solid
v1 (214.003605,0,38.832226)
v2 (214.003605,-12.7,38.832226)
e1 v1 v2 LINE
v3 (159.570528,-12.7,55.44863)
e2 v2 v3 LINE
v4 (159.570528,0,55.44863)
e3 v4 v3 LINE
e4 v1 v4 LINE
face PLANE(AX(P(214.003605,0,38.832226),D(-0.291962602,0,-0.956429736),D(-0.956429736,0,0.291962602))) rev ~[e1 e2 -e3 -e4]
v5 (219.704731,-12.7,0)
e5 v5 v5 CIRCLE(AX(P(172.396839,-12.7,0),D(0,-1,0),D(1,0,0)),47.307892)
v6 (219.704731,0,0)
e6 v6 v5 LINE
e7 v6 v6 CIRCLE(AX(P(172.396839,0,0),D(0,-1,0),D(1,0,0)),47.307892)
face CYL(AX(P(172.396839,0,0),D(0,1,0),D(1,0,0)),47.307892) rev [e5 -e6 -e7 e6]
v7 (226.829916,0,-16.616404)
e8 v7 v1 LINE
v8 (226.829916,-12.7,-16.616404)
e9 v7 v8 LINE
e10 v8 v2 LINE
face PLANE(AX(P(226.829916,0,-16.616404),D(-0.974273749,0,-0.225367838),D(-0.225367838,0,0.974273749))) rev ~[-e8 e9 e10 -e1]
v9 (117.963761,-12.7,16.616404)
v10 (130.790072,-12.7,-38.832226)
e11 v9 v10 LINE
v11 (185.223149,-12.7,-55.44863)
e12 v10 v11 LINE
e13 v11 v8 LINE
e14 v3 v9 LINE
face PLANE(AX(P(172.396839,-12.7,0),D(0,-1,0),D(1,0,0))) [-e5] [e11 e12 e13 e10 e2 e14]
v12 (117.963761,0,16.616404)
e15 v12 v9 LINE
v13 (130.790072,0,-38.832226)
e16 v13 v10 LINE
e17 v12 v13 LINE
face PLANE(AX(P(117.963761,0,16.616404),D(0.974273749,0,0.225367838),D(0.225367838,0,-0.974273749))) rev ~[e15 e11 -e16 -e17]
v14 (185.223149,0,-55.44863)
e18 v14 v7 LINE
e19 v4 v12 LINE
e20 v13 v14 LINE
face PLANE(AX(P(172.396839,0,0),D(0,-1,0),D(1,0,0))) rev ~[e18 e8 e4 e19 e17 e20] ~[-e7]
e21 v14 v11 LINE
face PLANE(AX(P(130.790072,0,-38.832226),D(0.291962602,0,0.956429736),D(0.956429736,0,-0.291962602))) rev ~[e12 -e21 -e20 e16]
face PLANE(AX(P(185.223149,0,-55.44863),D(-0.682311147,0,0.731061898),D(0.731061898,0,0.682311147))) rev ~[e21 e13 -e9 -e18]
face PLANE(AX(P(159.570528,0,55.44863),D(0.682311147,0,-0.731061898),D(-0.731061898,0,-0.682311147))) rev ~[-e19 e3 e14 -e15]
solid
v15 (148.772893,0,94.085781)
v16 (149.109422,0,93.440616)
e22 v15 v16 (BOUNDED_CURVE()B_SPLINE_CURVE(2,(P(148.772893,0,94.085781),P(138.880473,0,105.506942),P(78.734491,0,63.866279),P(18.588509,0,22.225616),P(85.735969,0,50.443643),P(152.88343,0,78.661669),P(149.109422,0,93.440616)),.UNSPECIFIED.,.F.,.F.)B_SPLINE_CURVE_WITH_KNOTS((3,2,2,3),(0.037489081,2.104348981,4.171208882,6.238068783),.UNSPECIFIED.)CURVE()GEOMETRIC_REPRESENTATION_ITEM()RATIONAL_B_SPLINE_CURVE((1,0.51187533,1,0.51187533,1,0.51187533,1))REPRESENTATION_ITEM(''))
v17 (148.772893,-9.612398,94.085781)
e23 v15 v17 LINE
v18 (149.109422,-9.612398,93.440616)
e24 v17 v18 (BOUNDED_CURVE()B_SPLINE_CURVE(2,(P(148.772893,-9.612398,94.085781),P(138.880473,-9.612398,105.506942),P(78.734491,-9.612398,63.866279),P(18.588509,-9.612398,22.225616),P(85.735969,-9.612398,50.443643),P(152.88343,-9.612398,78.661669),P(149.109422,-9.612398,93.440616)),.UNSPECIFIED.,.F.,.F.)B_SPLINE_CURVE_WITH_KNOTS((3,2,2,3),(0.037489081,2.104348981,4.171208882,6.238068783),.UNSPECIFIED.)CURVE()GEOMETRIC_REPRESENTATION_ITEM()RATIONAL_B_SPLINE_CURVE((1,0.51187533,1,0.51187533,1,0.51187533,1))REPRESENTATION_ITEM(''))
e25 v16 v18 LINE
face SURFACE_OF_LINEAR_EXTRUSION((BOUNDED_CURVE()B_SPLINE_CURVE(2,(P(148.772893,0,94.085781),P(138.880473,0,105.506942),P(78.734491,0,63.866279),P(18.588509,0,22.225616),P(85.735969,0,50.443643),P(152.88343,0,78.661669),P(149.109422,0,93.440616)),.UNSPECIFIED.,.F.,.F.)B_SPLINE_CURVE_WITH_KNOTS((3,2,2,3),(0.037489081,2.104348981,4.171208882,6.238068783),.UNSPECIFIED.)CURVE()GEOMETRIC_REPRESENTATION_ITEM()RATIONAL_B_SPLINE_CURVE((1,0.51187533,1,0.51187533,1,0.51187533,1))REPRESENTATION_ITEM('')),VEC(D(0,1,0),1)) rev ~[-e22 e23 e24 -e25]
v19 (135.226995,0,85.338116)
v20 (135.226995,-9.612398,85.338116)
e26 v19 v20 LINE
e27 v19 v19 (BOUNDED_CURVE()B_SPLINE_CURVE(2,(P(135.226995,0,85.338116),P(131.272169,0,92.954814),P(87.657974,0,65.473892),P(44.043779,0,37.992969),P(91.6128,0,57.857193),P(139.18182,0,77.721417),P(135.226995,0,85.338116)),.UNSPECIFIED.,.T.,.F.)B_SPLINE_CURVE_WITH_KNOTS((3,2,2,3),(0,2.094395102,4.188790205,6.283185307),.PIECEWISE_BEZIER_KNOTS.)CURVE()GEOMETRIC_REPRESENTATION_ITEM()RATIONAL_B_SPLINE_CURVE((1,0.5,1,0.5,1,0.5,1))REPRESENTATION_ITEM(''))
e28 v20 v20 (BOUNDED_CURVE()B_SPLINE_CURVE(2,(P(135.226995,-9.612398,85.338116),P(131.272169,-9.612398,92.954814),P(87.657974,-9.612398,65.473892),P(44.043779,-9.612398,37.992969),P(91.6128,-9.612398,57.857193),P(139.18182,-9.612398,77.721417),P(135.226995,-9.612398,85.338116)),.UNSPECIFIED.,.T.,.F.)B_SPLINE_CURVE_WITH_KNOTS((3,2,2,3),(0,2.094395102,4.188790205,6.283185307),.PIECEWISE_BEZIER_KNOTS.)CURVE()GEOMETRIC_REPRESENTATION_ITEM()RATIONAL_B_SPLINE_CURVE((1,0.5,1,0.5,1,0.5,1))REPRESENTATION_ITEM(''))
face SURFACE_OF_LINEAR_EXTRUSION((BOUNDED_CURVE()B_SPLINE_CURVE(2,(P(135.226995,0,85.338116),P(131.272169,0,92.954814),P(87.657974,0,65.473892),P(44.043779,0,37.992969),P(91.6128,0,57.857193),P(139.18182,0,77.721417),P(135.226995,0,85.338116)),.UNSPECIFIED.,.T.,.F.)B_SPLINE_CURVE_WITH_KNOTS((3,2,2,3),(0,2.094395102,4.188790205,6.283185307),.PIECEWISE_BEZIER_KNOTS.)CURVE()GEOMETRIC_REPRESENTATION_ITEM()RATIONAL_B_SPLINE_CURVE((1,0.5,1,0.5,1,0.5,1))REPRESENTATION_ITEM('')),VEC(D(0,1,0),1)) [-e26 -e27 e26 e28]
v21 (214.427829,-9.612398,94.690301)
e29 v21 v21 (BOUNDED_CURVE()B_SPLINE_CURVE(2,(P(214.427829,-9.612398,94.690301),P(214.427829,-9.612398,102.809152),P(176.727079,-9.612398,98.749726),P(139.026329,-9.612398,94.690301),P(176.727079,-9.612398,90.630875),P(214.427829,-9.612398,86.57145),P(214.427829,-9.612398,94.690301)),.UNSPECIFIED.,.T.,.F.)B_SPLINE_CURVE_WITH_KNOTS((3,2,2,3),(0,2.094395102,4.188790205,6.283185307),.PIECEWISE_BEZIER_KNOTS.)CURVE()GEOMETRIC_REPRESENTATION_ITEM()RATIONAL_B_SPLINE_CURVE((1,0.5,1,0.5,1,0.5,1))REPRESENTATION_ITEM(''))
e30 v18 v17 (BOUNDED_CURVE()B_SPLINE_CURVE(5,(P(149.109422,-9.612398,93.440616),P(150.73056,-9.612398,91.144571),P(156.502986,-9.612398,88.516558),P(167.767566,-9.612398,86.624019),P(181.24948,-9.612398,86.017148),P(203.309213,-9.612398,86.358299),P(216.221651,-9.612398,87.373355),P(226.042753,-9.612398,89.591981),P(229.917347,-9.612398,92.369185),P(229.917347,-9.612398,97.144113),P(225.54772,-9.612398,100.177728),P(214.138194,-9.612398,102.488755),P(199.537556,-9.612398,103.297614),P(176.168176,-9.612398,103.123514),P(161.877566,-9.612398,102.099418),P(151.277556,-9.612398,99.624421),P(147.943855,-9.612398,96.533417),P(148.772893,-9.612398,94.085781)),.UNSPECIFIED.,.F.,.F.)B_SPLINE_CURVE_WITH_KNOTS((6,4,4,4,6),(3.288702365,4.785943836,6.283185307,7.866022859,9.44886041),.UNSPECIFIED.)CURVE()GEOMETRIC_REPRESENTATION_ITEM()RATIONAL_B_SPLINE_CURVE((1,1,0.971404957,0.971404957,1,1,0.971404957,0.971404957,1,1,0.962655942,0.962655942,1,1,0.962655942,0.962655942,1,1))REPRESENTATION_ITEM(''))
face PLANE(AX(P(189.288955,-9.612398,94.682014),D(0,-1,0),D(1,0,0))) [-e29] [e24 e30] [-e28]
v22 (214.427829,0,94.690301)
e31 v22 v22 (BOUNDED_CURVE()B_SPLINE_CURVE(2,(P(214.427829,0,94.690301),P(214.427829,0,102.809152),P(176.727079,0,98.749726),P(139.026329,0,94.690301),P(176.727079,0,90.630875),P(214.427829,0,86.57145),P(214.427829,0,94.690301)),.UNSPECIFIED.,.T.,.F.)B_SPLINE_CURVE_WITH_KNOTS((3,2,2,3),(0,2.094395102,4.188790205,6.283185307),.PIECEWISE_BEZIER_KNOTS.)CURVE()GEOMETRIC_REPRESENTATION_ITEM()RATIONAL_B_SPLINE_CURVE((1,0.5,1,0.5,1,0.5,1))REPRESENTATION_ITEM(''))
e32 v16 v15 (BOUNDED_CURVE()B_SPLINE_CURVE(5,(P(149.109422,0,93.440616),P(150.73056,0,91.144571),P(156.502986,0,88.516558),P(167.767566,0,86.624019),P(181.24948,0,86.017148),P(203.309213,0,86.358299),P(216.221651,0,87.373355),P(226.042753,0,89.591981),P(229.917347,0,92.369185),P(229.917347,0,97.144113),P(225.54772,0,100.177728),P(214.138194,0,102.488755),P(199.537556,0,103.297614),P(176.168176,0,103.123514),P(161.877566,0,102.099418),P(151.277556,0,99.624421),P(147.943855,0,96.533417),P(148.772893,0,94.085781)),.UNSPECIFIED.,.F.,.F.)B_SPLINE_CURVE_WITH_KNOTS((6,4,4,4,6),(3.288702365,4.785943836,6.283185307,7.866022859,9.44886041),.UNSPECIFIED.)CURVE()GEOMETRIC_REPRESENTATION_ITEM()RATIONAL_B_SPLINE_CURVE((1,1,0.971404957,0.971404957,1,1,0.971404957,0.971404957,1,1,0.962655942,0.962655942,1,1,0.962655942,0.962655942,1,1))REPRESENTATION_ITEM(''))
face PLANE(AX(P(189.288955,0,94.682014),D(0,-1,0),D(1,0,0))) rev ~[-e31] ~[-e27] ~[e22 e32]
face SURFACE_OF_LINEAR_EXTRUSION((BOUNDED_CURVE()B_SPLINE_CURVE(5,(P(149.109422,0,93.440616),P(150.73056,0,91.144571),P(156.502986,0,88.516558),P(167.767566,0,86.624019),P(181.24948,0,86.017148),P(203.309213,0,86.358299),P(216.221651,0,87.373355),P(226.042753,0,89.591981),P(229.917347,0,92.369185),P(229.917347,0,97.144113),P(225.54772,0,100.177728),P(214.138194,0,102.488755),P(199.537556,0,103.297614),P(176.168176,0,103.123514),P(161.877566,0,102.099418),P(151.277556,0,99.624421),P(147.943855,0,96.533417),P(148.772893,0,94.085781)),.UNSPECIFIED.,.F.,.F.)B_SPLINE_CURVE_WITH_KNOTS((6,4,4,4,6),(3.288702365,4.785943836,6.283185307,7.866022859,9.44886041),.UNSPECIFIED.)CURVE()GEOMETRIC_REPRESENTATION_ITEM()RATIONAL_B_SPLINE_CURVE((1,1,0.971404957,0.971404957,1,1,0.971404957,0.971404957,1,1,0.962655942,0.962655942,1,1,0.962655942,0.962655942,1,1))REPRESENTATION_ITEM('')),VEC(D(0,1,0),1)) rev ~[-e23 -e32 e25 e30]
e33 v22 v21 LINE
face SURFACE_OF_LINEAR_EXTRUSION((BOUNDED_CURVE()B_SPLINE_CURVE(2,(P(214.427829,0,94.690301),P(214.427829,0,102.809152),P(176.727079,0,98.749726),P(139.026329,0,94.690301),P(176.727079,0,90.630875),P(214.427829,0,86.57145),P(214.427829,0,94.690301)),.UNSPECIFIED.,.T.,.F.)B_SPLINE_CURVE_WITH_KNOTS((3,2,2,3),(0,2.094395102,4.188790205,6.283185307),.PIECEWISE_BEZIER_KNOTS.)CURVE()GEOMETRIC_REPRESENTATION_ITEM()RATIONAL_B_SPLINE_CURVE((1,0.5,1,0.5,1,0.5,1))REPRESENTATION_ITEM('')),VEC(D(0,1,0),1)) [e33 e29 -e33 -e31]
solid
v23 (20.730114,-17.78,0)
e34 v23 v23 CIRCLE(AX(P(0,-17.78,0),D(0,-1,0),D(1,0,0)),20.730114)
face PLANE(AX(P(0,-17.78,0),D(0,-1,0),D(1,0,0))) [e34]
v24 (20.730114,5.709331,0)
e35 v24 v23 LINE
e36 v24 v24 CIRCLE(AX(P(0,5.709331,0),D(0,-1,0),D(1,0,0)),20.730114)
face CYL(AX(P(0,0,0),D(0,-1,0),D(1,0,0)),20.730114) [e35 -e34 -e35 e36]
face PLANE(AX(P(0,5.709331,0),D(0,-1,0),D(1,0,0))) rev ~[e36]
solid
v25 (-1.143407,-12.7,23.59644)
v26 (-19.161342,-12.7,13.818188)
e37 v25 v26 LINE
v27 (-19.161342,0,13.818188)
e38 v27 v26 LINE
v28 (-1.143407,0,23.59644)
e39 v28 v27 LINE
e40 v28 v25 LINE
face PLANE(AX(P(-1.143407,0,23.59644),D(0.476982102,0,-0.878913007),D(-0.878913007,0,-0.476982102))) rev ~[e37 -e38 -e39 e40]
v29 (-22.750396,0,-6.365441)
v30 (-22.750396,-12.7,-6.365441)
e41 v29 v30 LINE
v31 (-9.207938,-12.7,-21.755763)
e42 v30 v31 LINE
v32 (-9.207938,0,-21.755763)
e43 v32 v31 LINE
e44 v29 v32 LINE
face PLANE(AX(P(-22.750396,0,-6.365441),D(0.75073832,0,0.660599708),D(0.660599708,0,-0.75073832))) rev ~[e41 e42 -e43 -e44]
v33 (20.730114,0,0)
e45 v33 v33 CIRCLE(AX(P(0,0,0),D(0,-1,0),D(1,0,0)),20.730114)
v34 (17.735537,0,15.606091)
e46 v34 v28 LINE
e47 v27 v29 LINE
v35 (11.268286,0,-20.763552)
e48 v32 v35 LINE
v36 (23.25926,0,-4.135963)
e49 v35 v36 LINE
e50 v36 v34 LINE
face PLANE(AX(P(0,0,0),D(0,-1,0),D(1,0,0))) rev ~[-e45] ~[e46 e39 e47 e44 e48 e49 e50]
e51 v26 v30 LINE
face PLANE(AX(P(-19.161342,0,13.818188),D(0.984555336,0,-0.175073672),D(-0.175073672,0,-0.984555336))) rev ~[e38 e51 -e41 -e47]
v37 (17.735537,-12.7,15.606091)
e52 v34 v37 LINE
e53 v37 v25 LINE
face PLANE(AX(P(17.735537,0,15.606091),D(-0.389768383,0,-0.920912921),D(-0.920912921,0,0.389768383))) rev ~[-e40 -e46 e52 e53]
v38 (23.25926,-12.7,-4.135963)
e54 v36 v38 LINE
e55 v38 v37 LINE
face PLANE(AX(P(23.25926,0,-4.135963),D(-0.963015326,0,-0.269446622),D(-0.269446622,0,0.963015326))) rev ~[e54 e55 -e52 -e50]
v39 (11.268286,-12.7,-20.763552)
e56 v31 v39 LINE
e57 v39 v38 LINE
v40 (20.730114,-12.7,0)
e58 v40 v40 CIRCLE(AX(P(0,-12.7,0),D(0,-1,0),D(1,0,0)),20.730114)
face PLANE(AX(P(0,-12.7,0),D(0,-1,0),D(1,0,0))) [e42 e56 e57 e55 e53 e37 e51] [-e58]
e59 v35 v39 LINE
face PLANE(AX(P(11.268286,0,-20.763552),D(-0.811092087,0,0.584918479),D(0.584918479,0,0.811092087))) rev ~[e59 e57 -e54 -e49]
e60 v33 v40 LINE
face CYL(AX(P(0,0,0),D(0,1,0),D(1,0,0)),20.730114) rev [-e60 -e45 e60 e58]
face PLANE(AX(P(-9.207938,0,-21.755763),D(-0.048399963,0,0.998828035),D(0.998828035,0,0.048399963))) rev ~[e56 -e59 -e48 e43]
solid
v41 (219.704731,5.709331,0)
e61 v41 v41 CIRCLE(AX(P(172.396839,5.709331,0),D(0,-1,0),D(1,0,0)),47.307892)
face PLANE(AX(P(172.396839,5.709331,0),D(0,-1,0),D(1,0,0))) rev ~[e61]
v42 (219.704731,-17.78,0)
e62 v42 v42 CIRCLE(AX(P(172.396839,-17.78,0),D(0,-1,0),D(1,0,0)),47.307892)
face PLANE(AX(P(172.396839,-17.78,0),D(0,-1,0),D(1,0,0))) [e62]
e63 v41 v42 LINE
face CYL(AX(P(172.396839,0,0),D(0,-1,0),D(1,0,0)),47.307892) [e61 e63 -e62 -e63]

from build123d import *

# Parameters (mm, degrees)
F0_R          = 20.730113571
F1_DEPTH      = 12.7
F0_R_2        = 47.3078923064
F2_DEPTH      = 17.78
F2_DEPTH_BACK = 5.7093314826
F4_DEPTH      = 9.6123982221


with BuildPart() as f1:
    # F0 (on Front) → F1 (new body)
    with BuildSketch(Plane.XZ):
        Polygon((11.2682855074, -20.7635520264), (23.2592597604, -4.1359625757), (17.7355370114, 15.6060910528), (-1.1434068462, 23.5964398122), (-19.1613420274, 13.8181881134), (-22.7503958417, -6.3654410744), (-9.2079375638, -21.7557633019), align=None)
        Circle(F0_R, mode=Mode.SUBTRACT)
    extrude(amount=F1_DEPTH)


with BuildPart() as f1b:
    # F0 (on Front) → F1, piece 2 (new body)
    with BuildSketch(Plane.XZ):
        Polygon((185.2231494194, -55.4486300133), (226.8299162388, -16.6164040565), (214.0036054844, 38.8322259568), (159.5705279106, 55.4486300133), (117.9637610912, 16.6164040565), (130.7900718456, -38.8322259568), align=None)
        with Locations((172.396838665, 0)):
            Circle(F0_R_2, mode=Mode.SUBTRACT)
    extrude(amount=F1_DEPTH)


with BuildPart() as f2:
    # F0 (on Front) → F2 (new body, two sides)
    with BuildSketch(Plane.XZ) as f2_sk:
        Circle(F0_R)
    extrude(amount=F2_DEPTH)
    extrude(f2_sk.sketch, amount=-F2_DEPTH_BACK)


with BuildPart() as f2b:
    # F0 (on Front) → F2, piece 2 (new body, two sides)
    with BuildSketch(Plane.XZ) as f2_2_sk:
        with Locations((172.396838665, 0)):
            Circle(F0_R_2)
    extrude(amount=F2_DEPTH)
    extrude(f2_2_sk.sketch, amount=-F2_DEPTH_BACK)


with BuildPart() as f4:
    # F3 (on Front) → F4 (new body)
    with BuildSketch(Plane.XZ):
        with BuildLine():
            add(Edge.make_bspline(
                [(149.1094218068, 93.4406164812), (154.6413458405, 85.6056569344), (192.2793466359, 86.1877237137), (229.9173474312, 86.7697904929), (229.9173474312, 94.6903005242)],
                knots=[3.2887023648, 3.2887023648, 3.2887023648, 4.785943836, 4.785943836, 6.2831853072, 6.2831853072, 6.2831853072], degree=2, weights=[1, 0.7326283327, 1, 0.7326283327, 1]))
            add(Edge.make_bspline(
                [(229.9173474312, 94.6903005242), (229.9173474312, 103.5239405817), (187.8528657988, 103.2105636581), (145.7883841663, 102.8971867345), (148.7728928762, 94.0857810212)],
                knots=[0, 0, 0, 1.606279173, 1.606279173, 3.2125583461, 3.2125583461, 3.2125583461], degree=2, weights=[1, 0.6944510778, 1, 0.6944510778, 1]))
            add(Edge.make_bspline(
                [(148.962944746, 93.8134789467), (148.8833945922, 93.9582027434), (148.7728928762, 94.0857810212)],
                knots=[0, 0, 0, 0.0374890809, 0.0374890809, 0.0374890809], degree=2, weights=[1, 0.9998243262, 1]))
            add(Edge.make_bspline(
                [(149.1094218068, 93.4406164812), (149.0586850223, 93.6393008261), (148.962944746, 93.8134789467)],
                knots=[6.2380687825, 6.2380687825, 6.2380687825, 6.2831853072, 6.2831853072, 6.2831853072], degree=2, weights=[1, 0.9997455732, 1]))
        make_face()
        with BuildLine():
            add(Edge.make_bspline(
                [(214.4278287888, 94.6903005242), (214.4278287888, 102.8091515427), (176.727078855, 98.7497260335), (139.0263289213, 94.6903005242), (176.727078855, 90.630875015), (214.4278287888, 86.5714495058), (214.4278287888, 94.6903005242)],
                knots=[0, 0, 0, 2.0943951024, 2.0943951024, 4.1887902048, 4.1887902048, 6.2831853072, 6.2831853072, 6.2831853072], degree=2, weights=[1, 0.5, 1, 0.5, 1, 0.5, 1]))
        make_face(mode=Mode.SUBTRACT)
        with BuildLine():
            add(Edge.make_bspline(
                [(148.962944746, 93.8134789467), (148.8833945922, 93.9582027434), (148.7728928762, 94.0857810212)],
                knots=[0, 0, 0, 0.0374890809, 0.0374890809, 0.0374890809], degree=2, weights=[1, 0.9998243262, 1]))
            add(Edge.make_bspline(
                [(148.7728928762, 94.0857810212), (148.8826102275, 93.761853638), (149.1094218068, 93.4406164812)],
                knots=[3.2125583461, 3.2125583461, 3.2125583461, 3.2887023648, 3.2887023648, 3.2887023648], degree=2, weights=[1, 0.9992753486, 1]))
            add(Edge.make_bspline(
                [(149.1094218068, 93.4406164812), (149.0586850223, 93.6393008261), (148.962944746, 93.8134789467)],
                knots=[6.2380687825, 6.2380687825, 6.2380687825, 6.2831853072, 6.2831853072, 6.2831853072], degree=2, weights=[1, 0.9997455732, 1]))
        make_face()
        with BuildLine():
            add(Edge.make_bspline(
                [(148.7728928762, 94.0857810212), (148.8826102275, 93.761853638), (149.1094218068, 93.4406164812)],
                knots=[3.2125583461, 3.2125583461, 3.2125583461, 3.2887023648, 3.2887023648, 3.2887023648], degree=2, weights=[1, 0.9992753486, 1]))
            add(Edge.make_bspline(
                [(148.7728928762, 94.0857810212), (138.8804733248, 105.5069416545), (78.7344910031, 63.8662788682), (18.5885086814, 22.2256160818), (85.7359691391, 50.4436426255), (152.8834295967, 78.6616691692), (149.1094218068, 93.4406164812)],
                knots=[0.0374890809, 0.0374890809, 0.0374890809, 2.1043489814, 2.1043489814, 4.171208882, 4.171208882, 6.2380687825, 6.2380687825, 6.2380687825], degree=2, weights=[1, 0.5118753295, 1, 0.5118753295, 1, 0.5118753295, 1]))
        make_face()
        with BuildLine():
            add(Edge.make_bspline(
                [(135.2269947529, 85.3381156921), (131.2721693717, 92.9548139368), (87.6579743724, 65.4738915461), (44.0437793732, 37.9929691553), (91.6127997536, 57.8571933014), (139.1818201341, 77.7214174475), (135.2269947529, 85.3381156921)],
                knots=[0, 0, 0, 2.0943951024, 2.0943951024, 4.1887902048, 4.1887902048, 6.2831853072, 6.2831853072, 6.2831853072], degree=2, weights=[1, 0.5, 1, 0.5, 1, 0.5, 1]))
        make_face(mode=Mode.SUBTRACT)
    extrude(amount=F4_DEPTH)


solid = Compound([f1.part, f1b.part, f2.part, f2b.part, f4.part])
